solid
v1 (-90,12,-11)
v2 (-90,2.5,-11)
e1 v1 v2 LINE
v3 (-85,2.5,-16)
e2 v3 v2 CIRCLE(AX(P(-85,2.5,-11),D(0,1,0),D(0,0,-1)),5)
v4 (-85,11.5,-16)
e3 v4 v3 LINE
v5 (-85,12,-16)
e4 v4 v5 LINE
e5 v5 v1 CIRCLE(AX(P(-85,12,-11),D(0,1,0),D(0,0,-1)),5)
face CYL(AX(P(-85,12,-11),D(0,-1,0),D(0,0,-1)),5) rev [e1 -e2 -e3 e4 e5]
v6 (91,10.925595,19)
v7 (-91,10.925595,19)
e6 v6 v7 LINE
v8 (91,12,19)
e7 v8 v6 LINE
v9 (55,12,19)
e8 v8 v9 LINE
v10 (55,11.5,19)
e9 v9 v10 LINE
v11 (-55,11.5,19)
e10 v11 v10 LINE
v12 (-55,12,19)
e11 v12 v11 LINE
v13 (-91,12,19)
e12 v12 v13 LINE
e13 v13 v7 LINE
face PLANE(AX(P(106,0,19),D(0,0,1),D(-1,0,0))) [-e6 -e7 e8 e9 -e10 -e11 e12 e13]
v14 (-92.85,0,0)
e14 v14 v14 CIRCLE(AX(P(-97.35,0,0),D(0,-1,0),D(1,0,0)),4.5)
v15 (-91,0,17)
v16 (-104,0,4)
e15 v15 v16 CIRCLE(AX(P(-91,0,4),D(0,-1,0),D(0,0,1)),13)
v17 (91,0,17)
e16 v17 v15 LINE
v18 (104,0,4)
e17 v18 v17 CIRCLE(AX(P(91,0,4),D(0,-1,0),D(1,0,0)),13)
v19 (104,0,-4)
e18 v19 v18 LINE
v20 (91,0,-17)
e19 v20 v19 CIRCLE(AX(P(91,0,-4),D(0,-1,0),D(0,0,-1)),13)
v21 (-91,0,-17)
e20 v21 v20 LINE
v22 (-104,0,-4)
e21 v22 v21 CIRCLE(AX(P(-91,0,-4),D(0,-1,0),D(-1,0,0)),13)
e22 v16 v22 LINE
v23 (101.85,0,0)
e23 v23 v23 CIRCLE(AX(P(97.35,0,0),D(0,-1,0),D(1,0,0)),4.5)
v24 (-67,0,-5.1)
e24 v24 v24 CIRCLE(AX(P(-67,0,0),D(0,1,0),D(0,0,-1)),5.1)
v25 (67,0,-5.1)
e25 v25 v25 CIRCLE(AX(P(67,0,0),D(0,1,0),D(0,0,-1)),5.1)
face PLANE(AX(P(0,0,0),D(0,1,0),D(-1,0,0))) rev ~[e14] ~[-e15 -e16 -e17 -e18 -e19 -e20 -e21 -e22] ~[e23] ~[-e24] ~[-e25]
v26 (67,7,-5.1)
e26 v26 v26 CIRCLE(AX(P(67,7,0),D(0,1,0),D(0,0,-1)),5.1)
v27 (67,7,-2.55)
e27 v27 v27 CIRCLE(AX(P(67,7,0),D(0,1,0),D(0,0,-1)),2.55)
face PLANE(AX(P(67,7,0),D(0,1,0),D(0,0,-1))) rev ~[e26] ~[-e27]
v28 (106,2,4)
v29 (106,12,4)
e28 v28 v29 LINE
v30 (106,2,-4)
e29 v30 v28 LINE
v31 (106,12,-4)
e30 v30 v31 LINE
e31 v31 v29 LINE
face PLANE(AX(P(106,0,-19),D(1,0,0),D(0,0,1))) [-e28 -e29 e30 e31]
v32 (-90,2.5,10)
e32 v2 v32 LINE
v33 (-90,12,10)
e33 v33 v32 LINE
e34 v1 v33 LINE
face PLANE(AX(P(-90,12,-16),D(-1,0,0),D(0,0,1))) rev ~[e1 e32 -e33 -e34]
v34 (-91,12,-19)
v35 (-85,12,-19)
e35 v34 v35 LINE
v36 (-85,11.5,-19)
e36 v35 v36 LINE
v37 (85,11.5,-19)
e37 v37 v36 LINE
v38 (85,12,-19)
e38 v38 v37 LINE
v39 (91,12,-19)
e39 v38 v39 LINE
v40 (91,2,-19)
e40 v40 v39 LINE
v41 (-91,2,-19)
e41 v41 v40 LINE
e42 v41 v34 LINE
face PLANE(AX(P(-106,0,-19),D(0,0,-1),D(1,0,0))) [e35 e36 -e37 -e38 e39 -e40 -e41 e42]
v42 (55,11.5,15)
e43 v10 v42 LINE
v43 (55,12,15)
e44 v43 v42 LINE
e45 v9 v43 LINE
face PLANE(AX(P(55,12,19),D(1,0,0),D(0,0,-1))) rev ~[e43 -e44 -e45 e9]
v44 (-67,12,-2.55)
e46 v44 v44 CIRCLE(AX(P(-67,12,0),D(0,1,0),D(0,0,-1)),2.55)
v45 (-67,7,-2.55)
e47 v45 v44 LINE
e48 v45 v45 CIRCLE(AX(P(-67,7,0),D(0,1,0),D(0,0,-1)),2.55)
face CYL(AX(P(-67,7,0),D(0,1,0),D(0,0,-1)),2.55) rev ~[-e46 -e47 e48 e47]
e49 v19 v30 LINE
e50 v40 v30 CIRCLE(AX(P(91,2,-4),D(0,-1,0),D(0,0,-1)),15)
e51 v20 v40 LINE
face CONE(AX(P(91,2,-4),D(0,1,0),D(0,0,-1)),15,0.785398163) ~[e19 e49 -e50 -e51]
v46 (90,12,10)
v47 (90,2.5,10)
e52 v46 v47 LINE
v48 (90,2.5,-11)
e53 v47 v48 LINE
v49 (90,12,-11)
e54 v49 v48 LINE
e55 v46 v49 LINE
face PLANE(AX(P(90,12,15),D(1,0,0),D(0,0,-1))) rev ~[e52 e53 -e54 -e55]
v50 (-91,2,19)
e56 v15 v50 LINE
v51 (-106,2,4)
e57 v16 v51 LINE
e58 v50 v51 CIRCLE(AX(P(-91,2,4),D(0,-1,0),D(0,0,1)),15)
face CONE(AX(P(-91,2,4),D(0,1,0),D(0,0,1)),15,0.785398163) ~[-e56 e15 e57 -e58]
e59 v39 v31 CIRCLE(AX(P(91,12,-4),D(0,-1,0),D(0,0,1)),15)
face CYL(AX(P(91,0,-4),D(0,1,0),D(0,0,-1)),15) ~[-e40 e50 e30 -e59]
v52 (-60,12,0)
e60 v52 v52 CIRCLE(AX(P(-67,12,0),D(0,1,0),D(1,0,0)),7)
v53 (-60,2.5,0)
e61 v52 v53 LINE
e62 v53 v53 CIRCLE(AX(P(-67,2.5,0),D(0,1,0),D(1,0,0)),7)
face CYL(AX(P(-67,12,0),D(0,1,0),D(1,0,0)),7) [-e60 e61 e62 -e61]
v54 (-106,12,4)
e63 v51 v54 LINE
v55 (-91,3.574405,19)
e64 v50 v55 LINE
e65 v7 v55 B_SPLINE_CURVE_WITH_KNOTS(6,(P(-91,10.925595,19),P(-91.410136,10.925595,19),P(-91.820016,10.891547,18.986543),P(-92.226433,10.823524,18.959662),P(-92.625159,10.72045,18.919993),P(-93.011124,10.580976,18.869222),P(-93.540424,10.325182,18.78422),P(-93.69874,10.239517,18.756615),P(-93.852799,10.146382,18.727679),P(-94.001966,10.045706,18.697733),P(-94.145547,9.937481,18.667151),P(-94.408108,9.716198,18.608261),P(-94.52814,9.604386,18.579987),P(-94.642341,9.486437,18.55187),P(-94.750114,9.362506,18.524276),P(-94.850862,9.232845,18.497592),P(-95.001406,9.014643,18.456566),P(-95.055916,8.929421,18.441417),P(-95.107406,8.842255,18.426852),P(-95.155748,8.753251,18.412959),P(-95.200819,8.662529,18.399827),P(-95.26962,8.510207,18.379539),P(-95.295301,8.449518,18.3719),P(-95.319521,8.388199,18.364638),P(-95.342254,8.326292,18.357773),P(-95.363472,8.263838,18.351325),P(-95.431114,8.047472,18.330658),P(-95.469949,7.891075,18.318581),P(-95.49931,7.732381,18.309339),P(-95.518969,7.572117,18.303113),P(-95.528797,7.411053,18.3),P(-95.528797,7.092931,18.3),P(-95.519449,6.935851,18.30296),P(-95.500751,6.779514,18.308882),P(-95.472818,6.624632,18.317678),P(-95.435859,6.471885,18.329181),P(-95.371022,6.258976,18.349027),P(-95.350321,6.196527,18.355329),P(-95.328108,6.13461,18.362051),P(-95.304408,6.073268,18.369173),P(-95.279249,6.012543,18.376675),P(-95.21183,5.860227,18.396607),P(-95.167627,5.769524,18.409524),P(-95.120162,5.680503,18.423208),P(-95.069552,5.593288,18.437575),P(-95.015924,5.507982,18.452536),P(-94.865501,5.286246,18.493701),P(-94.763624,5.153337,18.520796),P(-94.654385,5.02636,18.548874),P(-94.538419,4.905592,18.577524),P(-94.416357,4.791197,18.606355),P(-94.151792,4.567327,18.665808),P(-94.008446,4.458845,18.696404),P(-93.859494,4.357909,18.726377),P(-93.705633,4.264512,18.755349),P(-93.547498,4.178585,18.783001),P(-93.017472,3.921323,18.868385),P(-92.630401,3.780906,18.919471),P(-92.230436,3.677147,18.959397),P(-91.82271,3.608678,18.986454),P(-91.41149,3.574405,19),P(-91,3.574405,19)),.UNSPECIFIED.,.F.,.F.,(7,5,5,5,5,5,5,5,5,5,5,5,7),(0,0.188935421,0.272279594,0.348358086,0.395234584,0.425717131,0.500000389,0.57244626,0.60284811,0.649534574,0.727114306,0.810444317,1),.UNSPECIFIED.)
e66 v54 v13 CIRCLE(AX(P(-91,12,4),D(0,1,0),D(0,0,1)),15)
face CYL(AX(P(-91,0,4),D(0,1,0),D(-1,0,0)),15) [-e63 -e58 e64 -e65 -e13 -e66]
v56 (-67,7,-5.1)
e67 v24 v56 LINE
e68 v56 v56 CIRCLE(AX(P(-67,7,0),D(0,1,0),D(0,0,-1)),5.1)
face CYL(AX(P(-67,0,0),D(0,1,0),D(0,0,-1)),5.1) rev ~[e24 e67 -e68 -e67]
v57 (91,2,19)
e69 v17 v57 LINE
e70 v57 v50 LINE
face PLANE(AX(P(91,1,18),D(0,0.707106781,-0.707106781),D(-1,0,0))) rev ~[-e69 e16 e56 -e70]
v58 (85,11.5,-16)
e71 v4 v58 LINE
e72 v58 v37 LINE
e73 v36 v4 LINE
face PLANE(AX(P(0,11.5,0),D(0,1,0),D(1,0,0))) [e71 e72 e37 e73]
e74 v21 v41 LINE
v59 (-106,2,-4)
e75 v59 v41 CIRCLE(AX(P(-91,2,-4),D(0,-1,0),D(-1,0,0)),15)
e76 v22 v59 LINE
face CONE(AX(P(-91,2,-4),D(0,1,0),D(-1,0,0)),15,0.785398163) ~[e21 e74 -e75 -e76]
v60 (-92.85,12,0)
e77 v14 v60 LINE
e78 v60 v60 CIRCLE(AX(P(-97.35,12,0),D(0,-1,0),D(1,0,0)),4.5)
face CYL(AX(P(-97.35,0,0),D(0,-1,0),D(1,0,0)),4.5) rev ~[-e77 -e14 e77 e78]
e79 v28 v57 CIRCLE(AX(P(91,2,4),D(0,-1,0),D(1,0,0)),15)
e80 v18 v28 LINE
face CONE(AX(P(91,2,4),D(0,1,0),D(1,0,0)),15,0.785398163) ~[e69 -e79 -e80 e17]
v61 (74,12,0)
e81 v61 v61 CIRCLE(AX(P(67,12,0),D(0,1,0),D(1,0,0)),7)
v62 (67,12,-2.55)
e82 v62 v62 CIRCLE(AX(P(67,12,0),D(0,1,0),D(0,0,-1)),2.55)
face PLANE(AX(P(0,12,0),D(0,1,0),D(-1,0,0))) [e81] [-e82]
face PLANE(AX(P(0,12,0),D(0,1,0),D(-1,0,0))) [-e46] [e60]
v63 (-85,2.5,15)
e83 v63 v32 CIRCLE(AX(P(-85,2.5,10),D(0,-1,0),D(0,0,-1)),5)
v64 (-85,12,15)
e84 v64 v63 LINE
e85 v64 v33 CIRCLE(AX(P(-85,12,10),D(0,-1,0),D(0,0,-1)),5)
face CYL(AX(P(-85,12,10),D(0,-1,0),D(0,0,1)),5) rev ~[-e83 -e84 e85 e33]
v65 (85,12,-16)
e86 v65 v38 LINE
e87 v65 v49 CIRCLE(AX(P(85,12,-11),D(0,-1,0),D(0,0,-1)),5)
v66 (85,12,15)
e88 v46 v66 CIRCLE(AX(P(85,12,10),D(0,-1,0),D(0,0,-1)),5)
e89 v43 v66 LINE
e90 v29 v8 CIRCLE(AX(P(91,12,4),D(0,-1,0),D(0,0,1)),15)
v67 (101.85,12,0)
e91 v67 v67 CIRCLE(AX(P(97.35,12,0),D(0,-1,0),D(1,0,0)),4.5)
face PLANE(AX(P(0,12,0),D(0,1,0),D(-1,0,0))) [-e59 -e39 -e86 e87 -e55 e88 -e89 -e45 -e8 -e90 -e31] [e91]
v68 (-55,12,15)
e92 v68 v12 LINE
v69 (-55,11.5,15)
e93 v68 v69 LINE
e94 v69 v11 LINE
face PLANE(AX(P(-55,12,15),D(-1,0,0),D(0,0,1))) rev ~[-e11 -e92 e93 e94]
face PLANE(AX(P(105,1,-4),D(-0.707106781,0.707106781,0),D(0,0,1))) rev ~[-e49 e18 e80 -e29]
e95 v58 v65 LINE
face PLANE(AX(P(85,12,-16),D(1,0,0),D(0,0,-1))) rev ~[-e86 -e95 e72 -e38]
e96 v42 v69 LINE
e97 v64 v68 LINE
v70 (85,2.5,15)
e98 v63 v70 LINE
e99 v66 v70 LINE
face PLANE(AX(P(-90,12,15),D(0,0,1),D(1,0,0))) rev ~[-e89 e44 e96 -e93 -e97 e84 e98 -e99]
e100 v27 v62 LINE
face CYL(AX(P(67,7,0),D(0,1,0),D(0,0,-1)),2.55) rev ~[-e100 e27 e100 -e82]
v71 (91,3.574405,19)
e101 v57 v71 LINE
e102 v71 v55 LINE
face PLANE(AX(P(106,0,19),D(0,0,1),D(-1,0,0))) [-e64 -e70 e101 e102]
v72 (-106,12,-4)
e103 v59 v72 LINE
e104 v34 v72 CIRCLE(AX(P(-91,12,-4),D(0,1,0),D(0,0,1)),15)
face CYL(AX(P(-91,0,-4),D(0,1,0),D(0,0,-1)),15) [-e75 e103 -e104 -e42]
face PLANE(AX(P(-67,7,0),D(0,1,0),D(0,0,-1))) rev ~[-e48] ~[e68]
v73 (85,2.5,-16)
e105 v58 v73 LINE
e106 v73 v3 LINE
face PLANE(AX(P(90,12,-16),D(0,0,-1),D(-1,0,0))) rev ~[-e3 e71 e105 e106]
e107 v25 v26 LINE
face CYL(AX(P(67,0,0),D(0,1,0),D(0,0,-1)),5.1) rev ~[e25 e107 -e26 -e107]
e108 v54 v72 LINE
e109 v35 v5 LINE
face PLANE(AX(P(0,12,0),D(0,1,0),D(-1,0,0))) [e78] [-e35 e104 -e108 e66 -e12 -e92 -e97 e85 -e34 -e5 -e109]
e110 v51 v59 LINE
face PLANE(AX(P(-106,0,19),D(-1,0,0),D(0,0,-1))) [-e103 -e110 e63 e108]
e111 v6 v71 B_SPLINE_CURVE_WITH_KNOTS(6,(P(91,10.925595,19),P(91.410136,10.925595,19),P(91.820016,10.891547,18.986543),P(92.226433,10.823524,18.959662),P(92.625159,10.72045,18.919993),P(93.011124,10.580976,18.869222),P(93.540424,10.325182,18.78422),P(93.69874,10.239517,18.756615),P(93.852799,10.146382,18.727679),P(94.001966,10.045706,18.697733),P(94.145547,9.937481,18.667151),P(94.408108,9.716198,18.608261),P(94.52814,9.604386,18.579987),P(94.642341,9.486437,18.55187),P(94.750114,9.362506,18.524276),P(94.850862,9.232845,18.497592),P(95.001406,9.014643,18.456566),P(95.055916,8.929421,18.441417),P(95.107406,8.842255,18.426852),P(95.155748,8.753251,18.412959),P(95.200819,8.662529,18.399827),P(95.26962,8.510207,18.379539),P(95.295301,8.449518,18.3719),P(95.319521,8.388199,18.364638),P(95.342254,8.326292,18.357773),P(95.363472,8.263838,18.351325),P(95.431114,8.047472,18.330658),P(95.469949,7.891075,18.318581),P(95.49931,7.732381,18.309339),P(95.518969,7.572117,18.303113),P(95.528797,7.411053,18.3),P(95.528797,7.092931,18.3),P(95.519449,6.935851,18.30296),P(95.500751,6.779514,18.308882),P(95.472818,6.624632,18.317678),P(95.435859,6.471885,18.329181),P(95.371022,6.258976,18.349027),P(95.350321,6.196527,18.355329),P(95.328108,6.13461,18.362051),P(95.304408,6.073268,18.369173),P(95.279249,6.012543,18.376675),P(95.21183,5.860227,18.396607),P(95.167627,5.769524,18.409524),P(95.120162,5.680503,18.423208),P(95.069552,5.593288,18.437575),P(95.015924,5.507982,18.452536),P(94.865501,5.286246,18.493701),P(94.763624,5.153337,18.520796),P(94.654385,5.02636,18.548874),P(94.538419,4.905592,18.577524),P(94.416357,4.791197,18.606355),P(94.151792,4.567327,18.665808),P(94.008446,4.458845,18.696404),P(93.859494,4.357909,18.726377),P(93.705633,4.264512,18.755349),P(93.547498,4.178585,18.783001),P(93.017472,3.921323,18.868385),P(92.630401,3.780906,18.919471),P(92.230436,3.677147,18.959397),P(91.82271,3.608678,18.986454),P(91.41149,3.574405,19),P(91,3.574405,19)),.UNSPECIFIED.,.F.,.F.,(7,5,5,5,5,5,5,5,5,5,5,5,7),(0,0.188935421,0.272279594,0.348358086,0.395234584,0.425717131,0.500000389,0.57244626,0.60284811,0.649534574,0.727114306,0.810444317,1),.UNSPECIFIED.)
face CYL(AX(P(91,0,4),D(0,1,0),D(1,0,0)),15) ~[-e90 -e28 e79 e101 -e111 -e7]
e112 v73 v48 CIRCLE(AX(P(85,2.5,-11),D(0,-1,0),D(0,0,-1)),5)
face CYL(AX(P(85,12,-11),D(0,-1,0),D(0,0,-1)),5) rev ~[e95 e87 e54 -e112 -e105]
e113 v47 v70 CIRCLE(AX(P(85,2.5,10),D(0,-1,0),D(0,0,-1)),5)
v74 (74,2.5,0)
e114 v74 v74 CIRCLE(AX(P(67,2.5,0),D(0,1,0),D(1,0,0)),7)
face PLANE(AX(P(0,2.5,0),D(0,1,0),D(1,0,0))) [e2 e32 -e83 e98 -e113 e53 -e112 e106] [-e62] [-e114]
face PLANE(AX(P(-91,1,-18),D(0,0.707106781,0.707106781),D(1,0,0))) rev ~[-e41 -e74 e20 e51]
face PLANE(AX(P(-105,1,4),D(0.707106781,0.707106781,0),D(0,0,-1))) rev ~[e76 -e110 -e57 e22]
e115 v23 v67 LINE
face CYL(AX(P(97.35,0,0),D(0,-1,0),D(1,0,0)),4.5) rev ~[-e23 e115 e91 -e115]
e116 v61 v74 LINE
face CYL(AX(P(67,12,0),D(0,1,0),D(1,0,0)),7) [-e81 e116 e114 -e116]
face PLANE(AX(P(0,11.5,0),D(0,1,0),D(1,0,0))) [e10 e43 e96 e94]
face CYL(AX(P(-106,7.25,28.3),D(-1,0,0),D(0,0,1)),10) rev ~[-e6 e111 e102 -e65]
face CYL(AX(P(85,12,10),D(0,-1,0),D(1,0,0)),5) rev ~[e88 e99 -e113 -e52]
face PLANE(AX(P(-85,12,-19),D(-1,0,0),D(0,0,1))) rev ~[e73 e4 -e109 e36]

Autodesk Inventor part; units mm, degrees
ref_plane "YZ Plane" through (0, 0, 0) normal (1, 0, 0) x (0, 1, 0)
ref_plane "XZ Plane" through (0, 0, 0) normal (0, 1, 0) x (-1, 0, 0)
ref_plane "XY Plane" through (0, 0, 0) normal (0, 0, 1) x (1, 0, 0)
sketch "Body Outline" plane through (0, 0, 0) normal (0, 1, 0) x (-1, 0, 0)
  line L0 (106, -19) -> (-106, -19)
  line L1 (-106, -19) -> (-106, 19)
  line L2 (-106, 19) -> (106, 19)
  line L3 (106, 19) -> (106, -19)
  point P0 (0, 0)
  dimension "d0" = 38
  dimension "d1" = 19
  dimension "d2" = 212
  dimension "d3" = 106
extrude "Body" add sketch "Body Outline" along normal blind 12
sketch "Body Cutout Outline" plane through (0, 12, 0) normal (0, 1, 0) x (1, 0, 0)
  line L0 (-90, -15) -> (90, -15)
  line L1 (90, -15) -> (90, 16)
  line L2 (90, 16) -> (-90, 16)
  line L3 (-90, 16) -> (-90, -15)
  circle A0 centre (-67, 0) radius 7
  circle A1 centre (67, 0) radius 7
  line L4 (-106, -19) -> (106, -19) projected
  point P0 (0, 0)
  dimension "d6" = 31
  dimension "d8" = 180
  dimension "d9" = 90
  dimension "d12" = 14
  dimension "d13" = 14
  dimension "d14" = 0
  dimension "d15" = 67
  dimension "d16" = 67
  dimension "d17" = 0
  dimension "d68" = 4
extrude "Body Cutout" cut sketch "Body Cutout Outline" against normal blind 9.5
sketch "Skin Passages Outline" plane through (0, 12, 0) normal (0, 1, 0) x (1, 0, 0)
  line L0 (-85, 16) -> (85, 16)
  line L1 (85, 16) -> (85, 19)
  line L2 (85, 19) -> (-85, 19)
  line L3 (-85, 19) -> (-85, 16)
  line L4 (106, 19) -> (-106, 19) projected
  line L5 (-55, -19) -> (55, -19)
  line L6 (55, -19) -> (55, -15)
  line L7 (55, -15) -> (-55, -15)
  line L8 (-55, -15) -> (-55, -19)
  line L9 (-106, -19) -> (106, -19) projected
  point P0 (0, 0)
  dimension "d20" = 0
  dimension "d21" = 3
  dimension "d22" = 170
  dimension "d23" = 85
  dimension "d24" = 0
  dimension "d25" = 4
  dimension "d26" = 110
  dimension "d27" = 55
extrude "Skin Passages" cut sketch "Skin Passages Outline" against normal blind 0.5
sketch "Fastening Hole Positions" plane through (0, 0, 0) normal (0, -1, 0) x (1, 0, 0)
  point P0 (0, 0)
  point P1 (67, 0)
  point P2 (-67, 0)
  dimension "d30" = 67
  dimension "d31" = 67
  dimension "d32" = 0
  dimension "d33" = 0
hole "Fastening Holes" at (67, 0, 0) at (-67, 0, 0) direction (0, 1, 0) diameter 5.1 end through all counterbore diameter 10.2 counterbore depth 7
sketch "Thumbscrew Hole Positions" plane through (0, 0, 0) normal (0, -1, 0) x (1, 0, 0)
  circle A0 centre (-97.35, 0) radius 4.5
  circle A1 centre (97.35, 0) radius 4.5
  line L0 (106, -19) -> (106, 19) projected
  line L1 (-106, 19) -> (-106, -19) projected
  point P0 (0, 0)
  dimension "d44" = 9
  dimension "d45" = 9
  dimension "d47" = 0
  dimension "d49" = 0
  dimension "d66" = 8.65
  dimension "d67" = 8.65
extrude "Thumbscrew Holes" cut sketch "Thumbscrew Hole Positions" along normal through all both and the other way through all
sketch "Side Cutout Outline" plane through (-106, 0, -19) normal (-1, 0, 0) x (0, 0, 1)
  circle A0 centre (47.3, 7.25) radius 10
  line L0 (38, 0) -> (38, 12) projected
  line L1 (0, 12) -> (38, 12) projected
  point P0 (19, 0)
  dimension "d69" = 20
  dimension "d70" = 9.3
  dimension "d71" = 4.75
extrude "Side Cutout" cut sketch "Side Cutout Outline" along normal through all both and the other way through all
fillet "Body Fillet" radius 5 4 edges at (-90, 7.25, -16) (90, 7.25, -16) (90, 7.25, 15) (-90, 7.25, 15)
fillet "Body Fillet" radius 15 4 edges at (-106, 1.7872, 19) (-106, 6, -19) (106, 6, -19) (106, 1.7872, 19)
chamfer "Body Chamfer" distance 2 angle 45 4 edges at (0, 0, 19) (106, 0, 0) (0, 0, -19) (-106, 0, 0)
equation "\"d1\" = 0.5 * d0"
equation "\"d3\" = 0.5 * d2"
equation "\"d9\" = 0.5 * d8"
equation "\"d16\" = d15"
equation "\"d23\" = 0.5 * d22"
equation "\"d27\" = 0.5 * d26"
properties part number "LR Top Cover Studs End" material "Acetal Resin, Black"
